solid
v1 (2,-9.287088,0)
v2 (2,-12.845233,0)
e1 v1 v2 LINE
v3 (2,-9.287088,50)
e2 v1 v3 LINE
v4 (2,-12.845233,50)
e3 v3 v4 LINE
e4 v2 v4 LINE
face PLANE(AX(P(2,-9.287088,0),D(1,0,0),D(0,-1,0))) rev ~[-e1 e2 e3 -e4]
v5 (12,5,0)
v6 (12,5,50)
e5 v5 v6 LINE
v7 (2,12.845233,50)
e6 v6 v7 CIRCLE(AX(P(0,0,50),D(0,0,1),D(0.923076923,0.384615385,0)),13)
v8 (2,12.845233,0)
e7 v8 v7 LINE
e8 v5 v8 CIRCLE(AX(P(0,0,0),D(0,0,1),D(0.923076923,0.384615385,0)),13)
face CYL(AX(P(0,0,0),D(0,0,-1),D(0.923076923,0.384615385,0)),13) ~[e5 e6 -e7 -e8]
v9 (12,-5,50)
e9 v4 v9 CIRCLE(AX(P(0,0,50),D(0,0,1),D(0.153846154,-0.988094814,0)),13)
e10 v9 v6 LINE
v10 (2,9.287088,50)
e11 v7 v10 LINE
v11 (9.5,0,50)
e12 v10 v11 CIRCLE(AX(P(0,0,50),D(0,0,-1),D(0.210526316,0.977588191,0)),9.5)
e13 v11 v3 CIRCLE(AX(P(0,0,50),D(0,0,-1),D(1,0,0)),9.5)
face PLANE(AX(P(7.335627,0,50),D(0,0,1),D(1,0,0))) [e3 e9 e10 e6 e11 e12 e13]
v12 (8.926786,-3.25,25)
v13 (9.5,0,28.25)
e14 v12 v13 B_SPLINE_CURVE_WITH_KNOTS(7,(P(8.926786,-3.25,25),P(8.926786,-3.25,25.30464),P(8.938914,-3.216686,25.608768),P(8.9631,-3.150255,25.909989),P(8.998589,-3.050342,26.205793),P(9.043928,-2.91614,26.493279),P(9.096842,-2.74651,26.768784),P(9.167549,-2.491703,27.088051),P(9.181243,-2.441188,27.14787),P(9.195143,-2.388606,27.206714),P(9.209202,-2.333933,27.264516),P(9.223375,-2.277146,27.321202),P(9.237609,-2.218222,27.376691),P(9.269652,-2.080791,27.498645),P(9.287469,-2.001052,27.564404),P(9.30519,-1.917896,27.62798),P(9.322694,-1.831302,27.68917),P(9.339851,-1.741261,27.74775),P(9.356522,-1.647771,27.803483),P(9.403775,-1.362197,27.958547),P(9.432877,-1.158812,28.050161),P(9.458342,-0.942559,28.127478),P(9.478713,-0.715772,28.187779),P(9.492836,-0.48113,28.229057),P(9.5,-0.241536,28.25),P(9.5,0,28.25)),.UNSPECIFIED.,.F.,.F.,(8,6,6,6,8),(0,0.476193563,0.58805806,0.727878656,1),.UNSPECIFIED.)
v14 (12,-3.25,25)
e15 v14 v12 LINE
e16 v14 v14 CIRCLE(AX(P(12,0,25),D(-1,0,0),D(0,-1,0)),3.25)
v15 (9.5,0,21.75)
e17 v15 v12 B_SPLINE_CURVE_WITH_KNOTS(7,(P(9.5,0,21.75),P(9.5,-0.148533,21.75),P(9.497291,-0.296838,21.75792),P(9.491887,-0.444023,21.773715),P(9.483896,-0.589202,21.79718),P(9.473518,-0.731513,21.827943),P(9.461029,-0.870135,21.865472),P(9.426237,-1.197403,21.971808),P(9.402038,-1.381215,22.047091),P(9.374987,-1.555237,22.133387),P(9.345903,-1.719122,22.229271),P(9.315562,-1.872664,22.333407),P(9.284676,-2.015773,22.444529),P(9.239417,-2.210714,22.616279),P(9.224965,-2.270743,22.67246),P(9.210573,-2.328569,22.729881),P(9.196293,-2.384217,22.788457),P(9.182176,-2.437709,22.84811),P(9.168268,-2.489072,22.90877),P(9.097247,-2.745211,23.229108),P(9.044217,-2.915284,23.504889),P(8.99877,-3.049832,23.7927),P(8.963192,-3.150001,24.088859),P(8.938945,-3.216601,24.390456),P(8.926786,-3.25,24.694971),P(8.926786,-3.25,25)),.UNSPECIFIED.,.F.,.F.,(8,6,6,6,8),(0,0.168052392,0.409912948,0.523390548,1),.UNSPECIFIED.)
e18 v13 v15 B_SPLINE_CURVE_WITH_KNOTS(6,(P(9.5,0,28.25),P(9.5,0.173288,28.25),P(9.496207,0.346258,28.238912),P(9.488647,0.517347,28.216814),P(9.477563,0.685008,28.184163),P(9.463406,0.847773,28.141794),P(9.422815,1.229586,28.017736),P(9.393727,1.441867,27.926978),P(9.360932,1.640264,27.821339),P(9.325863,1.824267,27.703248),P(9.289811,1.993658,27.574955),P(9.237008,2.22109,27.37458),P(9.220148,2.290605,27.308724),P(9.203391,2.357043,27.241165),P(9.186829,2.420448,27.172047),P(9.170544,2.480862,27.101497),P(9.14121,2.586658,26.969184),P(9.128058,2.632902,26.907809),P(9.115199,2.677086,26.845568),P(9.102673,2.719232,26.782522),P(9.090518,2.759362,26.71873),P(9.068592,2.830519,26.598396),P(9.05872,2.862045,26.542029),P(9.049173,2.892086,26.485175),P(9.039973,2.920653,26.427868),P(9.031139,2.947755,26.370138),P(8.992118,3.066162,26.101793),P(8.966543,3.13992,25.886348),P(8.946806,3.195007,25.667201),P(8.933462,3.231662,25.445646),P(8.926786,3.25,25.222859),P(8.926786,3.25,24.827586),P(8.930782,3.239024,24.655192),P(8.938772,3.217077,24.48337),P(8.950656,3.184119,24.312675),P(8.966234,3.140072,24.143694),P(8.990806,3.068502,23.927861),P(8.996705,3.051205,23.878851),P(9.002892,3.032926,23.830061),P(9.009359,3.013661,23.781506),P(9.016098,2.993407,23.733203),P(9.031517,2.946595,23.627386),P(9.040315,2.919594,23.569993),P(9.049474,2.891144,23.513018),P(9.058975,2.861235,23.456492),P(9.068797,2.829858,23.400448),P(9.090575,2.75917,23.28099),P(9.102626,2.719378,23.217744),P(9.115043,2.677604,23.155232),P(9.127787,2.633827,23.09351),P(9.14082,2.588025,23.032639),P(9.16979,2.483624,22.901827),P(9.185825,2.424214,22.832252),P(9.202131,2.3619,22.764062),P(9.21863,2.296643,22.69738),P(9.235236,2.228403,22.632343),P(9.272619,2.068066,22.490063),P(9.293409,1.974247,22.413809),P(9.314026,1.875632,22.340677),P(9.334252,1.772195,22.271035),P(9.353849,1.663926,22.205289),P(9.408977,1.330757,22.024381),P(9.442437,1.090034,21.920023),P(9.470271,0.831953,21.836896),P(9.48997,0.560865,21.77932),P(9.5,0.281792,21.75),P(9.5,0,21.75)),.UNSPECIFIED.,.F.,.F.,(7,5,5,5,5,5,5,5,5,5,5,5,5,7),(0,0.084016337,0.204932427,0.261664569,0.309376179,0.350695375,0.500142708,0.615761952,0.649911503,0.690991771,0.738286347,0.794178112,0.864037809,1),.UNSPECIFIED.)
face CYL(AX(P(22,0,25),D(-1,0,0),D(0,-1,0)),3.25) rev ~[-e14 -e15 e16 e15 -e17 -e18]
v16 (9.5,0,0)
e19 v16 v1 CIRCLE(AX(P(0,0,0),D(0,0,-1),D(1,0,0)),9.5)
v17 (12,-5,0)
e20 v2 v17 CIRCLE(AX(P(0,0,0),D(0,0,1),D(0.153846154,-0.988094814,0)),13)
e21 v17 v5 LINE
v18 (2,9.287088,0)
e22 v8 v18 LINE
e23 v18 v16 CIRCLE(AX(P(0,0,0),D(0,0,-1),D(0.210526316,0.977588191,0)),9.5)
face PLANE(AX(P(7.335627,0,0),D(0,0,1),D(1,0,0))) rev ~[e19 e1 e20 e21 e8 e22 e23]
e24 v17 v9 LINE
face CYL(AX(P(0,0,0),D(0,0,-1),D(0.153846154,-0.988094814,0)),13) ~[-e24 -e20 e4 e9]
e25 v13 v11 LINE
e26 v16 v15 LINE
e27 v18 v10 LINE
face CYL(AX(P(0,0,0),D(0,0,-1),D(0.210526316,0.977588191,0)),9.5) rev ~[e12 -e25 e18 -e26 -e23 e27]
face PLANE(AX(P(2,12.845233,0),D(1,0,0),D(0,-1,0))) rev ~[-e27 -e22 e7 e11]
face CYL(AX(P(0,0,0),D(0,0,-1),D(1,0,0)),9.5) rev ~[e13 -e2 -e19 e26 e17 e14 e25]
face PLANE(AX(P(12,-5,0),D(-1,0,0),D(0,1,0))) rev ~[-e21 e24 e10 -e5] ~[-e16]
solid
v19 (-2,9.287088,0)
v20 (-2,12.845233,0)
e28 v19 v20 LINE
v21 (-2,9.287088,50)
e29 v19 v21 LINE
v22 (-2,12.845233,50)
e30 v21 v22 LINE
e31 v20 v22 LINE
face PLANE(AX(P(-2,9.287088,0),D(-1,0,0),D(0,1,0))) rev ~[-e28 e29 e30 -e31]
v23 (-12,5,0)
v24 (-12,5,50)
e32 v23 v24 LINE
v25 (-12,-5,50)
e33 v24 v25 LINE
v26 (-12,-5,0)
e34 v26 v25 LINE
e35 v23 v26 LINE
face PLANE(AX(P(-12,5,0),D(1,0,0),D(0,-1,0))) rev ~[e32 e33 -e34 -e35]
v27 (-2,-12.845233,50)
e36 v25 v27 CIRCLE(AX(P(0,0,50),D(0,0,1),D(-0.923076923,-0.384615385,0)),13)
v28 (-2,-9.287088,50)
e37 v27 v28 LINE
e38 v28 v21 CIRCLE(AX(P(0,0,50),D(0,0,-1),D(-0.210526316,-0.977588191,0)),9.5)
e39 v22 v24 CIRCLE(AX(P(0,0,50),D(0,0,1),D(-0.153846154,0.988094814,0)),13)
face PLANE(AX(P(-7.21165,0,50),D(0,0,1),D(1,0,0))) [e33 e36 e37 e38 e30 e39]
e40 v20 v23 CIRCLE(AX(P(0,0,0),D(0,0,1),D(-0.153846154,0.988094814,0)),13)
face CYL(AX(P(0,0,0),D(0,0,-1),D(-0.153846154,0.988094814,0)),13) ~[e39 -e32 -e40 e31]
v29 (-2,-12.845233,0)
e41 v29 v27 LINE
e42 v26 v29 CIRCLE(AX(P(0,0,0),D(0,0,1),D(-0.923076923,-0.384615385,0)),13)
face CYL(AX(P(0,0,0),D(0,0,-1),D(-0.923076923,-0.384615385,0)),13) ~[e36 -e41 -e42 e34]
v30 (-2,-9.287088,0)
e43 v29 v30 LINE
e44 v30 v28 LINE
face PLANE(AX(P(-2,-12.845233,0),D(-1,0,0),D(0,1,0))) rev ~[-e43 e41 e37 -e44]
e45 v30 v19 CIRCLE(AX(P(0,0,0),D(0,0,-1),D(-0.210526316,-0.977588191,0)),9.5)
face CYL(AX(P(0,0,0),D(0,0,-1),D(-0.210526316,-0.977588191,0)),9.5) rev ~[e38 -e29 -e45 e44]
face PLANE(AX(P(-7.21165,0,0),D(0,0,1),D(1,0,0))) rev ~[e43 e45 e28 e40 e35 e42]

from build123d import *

# Parameters (mm, degrees)
F1_DEPTH = 50
F3_D     = 6.5
F3_DEPTH = 10
F3_TIP   = 1.9527970118


with BuildPart() as f1:
    # F0 (on Top) → F1 (new body)
    with BuildSketch(Plane.XY):
        with BuildLine():
            Line((12, -5), (12, 5))
            ThreePointArc((12, 5), (8.0241459703, 10.228053649), (2, 12.8452325787))
            Line((2, 12.8452325787), (2, 9.2870878105))
            ThreePointArc((2, 9.2870878105), (7.3908727495, 5.9686681932), (9.5, 0))
            ThreePointArc((9.5, 0), (7.3908727495, -5.9686681932), (2, -9.2870878105))
            Line((2, -9.2870878105), (2, -12.8452325787))
            ThreePointArc((2, -12.8452325787), (8.0241459703, -10.228053649), (12, -5))
        make_face()
        with BuildLine():
            Line((-2, 9.2870878105), (-2, 12.8452325787))
            ThreePointArc((-2, 12.8452325787), (-8.0241459703, 10.228053649), (-12, 5))
            Line((-12, 5), (-12, -5))
            ThreePointArc((-12, -5), (-8.0241459703, -10.228053649), (-2, -12.8452325787))
            Line((-2, -12.8452325787), (-2, -9.2870878105))
            ThreePointArc((-2, -9.2870878105), (-9.5, 0), (-2, 9.2870878105))
        make_face()
    extrude(amount=F1_DEPTH)

    # F3
    with Locations(Plane.YZ.offset(12)):
        with Locations((0, 25)):
            Hole(F3_D / 2, depth=F3_DEPTH)
            with Locations((0, 0, -(F3_DEPTH + F3_TIP / 2))):  # 118° drill point
                Cone(0, F3_D / 2, F3_TIP, mode=Mode.SUBTRACT)


solid = f1.part
